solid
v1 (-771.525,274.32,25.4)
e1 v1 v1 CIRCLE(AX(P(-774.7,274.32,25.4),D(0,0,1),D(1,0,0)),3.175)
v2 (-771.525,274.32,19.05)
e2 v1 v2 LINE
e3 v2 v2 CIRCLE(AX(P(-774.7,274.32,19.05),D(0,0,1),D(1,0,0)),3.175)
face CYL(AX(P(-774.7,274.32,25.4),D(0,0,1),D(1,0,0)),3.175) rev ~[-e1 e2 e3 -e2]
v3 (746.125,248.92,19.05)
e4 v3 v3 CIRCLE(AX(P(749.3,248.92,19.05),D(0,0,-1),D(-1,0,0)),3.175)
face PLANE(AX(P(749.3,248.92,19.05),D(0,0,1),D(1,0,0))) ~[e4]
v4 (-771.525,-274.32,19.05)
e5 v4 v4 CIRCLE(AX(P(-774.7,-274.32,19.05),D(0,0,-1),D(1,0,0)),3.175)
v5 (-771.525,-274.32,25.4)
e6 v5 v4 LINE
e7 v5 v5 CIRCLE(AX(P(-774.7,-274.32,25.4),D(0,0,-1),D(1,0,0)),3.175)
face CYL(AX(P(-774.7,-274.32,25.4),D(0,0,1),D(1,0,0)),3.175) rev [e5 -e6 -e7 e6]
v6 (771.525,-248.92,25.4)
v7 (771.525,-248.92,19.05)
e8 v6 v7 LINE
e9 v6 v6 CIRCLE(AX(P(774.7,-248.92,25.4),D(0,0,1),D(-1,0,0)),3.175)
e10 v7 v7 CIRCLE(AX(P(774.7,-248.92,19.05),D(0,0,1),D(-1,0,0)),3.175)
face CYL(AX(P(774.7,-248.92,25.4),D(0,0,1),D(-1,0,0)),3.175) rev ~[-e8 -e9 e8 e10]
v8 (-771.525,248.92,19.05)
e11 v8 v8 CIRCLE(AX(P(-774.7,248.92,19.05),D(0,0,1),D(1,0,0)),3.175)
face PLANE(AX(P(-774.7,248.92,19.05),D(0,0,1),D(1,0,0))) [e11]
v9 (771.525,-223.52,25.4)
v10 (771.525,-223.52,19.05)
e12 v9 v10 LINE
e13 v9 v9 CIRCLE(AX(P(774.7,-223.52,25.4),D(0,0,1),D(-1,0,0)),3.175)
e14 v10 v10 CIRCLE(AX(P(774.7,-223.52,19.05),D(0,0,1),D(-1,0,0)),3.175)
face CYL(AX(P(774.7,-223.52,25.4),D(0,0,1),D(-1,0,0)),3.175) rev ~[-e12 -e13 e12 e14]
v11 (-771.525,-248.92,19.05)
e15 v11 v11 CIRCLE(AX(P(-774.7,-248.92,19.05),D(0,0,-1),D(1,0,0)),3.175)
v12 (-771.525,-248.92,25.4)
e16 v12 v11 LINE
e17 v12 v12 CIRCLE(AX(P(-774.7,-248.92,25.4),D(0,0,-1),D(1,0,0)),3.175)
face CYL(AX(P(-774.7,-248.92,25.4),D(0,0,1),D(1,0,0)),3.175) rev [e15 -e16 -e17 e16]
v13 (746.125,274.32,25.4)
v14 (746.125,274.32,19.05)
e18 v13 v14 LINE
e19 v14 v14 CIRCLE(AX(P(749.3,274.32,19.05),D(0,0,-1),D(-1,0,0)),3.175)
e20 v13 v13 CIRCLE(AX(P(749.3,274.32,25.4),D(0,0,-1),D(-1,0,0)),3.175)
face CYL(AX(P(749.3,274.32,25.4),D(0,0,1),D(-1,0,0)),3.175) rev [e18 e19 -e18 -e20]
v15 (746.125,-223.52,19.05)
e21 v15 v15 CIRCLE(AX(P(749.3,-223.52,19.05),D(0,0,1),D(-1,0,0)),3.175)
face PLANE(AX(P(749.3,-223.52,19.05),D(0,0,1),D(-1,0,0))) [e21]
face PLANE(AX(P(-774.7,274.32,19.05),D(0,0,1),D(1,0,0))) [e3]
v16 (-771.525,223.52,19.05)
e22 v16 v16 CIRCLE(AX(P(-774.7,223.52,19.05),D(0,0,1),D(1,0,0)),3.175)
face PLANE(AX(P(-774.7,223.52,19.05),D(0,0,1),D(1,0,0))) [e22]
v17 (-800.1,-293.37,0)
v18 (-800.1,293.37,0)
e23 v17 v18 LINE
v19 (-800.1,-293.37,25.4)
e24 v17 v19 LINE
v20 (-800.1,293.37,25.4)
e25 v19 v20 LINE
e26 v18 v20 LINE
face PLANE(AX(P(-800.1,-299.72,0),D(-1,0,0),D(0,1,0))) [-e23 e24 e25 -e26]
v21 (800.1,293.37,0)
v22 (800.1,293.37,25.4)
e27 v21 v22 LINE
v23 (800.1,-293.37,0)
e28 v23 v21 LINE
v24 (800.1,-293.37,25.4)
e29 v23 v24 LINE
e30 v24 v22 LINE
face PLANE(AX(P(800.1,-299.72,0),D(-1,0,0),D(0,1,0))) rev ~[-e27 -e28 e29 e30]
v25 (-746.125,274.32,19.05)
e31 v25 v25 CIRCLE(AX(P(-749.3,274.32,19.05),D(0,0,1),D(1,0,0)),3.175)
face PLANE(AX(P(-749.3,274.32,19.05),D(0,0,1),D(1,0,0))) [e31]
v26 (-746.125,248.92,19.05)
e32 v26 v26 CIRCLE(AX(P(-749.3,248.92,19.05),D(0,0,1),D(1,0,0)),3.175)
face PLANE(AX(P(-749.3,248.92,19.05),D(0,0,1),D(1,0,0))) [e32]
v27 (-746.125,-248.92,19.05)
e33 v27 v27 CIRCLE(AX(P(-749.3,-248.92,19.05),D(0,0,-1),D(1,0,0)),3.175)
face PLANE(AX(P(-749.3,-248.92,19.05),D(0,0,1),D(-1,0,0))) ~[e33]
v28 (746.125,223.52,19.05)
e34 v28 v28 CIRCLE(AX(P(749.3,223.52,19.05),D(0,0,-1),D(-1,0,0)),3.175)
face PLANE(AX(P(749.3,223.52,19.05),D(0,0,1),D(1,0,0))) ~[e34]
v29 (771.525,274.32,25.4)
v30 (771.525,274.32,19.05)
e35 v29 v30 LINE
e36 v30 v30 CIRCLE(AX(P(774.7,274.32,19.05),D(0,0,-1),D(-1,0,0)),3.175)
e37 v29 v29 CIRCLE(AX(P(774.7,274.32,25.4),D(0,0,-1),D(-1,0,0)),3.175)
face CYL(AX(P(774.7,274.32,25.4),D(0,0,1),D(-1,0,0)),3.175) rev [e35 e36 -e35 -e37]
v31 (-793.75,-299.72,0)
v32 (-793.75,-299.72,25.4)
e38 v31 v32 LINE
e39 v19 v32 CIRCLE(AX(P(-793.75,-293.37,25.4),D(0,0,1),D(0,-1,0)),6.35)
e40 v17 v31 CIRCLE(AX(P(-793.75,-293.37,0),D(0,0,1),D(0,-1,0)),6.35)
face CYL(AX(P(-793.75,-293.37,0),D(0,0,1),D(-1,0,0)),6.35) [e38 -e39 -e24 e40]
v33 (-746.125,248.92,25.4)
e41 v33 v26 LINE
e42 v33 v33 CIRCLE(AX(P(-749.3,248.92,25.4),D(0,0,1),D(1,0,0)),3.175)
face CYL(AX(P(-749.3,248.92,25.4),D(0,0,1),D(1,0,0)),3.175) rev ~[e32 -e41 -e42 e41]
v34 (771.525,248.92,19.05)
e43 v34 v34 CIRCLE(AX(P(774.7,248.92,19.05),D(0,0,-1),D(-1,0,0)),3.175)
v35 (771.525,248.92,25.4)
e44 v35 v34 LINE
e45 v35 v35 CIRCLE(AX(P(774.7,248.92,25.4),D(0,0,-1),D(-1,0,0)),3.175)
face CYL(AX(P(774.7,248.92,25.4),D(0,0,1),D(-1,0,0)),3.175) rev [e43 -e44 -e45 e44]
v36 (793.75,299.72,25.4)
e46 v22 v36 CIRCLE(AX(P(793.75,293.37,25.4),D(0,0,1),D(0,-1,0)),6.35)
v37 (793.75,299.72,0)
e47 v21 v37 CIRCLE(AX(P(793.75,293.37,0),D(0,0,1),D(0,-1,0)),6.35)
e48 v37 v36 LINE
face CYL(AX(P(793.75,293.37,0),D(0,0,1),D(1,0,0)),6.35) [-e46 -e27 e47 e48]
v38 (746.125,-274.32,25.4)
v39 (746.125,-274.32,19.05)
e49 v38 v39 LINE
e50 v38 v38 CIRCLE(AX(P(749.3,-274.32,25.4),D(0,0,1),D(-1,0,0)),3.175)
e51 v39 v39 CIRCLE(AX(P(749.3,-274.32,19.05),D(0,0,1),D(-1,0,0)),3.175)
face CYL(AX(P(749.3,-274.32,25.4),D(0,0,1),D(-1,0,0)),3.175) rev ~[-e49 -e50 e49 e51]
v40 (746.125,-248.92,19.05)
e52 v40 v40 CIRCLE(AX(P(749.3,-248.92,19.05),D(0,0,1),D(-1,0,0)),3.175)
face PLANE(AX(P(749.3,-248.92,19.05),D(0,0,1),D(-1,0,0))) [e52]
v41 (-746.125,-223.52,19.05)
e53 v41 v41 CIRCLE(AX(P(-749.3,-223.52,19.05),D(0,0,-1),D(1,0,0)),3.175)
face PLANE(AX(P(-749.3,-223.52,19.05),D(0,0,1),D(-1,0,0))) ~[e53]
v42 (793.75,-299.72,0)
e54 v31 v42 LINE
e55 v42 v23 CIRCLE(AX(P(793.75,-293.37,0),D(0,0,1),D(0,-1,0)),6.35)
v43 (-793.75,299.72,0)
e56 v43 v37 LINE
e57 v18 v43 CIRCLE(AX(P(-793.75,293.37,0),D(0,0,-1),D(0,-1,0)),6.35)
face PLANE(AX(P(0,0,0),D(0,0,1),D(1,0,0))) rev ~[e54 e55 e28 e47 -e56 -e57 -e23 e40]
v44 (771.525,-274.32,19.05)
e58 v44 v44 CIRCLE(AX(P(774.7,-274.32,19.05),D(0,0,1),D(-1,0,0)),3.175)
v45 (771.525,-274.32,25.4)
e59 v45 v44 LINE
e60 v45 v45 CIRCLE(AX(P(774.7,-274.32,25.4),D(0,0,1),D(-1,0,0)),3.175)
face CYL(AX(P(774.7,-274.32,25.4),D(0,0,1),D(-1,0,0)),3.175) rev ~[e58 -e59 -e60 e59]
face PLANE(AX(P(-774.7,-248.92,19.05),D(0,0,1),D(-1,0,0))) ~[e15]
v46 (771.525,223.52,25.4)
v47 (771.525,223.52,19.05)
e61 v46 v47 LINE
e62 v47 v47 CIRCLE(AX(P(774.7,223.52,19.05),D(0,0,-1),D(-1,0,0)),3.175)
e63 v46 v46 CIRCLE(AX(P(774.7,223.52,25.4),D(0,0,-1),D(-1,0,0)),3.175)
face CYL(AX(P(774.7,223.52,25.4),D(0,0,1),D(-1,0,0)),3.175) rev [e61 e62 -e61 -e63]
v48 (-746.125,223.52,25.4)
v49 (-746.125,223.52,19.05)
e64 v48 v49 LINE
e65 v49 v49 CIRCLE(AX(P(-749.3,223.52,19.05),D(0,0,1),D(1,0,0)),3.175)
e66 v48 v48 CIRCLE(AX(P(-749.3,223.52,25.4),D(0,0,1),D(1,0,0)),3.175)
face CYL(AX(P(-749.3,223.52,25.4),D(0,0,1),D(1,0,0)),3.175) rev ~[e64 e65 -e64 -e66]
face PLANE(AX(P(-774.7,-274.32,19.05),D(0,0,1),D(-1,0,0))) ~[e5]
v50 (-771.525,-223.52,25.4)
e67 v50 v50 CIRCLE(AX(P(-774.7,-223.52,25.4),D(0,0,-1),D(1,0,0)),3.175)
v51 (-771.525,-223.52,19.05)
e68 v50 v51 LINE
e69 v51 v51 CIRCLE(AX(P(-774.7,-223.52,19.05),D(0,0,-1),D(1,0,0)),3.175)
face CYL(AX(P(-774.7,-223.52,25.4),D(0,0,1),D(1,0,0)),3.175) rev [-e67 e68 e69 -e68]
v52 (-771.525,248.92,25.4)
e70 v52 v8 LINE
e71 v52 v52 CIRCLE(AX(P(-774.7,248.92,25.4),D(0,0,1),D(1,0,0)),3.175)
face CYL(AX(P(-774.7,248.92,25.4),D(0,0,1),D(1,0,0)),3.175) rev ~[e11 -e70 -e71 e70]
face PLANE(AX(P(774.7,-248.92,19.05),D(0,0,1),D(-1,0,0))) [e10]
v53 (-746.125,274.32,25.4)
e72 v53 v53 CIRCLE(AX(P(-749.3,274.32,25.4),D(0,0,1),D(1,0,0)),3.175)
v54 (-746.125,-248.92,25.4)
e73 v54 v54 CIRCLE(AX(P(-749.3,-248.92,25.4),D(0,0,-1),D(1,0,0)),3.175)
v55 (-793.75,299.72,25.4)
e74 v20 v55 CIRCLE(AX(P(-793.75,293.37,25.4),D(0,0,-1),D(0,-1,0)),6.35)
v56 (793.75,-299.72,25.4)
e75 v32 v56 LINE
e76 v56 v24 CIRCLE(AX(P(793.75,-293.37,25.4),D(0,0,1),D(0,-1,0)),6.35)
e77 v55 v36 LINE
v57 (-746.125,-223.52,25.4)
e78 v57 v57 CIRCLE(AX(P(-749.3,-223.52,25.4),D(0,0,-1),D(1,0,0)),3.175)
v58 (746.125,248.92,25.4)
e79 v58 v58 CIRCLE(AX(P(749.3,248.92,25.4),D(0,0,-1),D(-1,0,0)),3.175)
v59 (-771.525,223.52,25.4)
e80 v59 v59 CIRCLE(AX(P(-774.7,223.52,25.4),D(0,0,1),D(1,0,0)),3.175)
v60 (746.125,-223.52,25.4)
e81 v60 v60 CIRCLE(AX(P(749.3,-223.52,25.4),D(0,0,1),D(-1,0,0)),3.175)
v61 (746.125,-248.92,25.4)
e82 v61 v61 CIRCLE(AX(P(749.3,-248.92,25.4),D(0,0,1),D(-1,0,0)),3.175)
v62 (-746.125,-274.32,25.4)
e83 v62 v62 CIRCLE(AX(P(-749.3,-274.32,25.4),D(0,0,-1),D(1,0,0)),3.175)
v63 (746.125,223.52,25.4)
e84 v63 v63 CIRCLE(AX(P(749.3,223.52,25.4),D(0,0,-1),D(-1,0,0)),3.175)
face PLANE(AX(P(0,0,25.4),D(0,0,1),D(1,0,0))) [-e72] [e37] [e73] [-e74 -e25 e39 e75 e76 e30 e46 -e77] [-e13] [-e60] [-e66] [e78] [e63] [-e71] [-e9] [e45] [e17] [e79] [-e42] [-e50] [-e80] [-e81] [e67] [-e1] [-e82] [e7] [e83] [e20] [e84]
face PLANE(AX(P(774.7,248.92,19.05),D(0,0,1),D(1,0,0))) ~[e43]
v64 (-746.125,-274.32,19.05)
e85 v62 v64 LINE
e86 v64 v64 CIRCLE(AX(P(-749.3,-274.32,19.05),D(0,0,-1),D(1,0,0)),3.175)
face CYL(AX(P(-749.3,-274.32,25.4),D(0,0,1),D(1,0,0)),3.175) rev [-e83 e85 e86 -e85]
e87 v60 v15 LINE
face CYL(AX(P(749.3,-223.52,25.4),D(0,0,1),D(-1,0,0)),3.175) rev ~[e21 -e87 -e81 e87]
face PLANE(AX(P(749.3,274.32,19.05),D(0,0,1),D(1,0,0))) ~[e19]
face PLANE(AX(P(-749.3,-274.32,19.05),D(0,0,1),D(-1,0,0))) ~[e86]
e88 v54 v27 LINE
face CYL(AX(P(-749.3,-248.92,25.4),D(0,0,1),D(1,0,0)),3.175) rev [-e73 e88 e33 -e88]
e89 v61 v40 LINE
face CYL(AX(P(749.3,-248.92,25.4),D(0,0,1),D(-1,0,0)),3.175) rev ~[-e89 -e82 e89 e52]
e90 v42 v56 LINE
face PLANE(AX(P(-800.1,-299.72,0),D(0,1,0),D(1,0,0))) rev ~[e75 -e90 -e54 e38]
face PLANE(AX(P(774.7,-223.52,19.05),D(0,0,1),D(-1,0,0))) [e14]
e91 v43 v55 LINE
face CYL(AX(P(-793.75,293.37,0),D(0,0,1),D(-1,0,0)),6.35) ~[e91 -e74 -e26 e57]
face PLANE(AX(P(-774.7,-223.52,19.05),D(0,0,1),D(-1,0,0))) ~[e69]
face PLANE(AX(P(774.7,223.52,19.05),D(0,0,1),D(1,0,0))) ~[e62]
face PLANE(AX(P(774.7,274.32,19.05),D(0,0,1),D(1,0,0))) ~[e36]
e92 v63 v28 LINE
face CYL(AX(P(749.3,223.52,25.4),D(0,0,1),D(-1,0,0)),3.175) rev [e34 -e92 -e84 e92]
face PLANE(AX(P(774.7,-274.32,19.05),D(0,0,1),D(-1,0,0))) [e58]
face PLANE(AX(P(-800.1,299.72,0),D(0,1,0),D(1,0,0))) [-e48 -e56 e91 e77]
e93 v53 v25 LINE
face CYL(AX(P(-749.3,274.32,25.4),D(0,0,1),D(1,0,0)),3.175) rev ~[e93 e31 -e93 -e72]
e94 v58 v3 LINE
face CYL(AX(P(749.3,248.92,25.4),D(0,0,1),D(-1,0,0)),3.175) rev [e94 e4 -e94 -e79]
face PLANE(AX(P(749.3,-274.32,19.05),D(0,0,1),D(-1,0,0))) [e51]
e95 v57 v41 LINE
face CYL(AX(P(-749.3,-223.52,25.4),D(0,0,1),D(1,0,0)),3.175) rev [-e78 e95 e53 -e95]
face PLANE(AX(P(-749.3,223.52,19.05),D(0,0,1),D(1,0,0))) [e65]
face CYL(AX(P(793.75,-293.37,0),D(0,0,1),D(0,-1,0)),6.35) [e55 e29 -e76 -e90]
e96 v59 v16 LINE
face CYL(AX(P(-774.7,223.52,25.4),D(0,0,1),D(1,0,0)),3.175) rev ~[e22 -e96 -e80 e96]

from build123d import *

# Parameters (mm, degrees)
SKETCH1_W               = 1600.2
SKETCH1_H               = 599.44
BOSS_EXTRUDE1_DEPTH     = 25.4
FILLET1_R               = 6.35
SKETCH2_R               = 3.175
CUT_EXTRUDE1_DEPTH      = 6.35
MIRROR2_COPY_1_SKETCH_R = 3.175
MIRROR2_COPY_1_DEPTH    = 6.35


with BuildPart() as part:
    # Sketch1 → Boss-Extrude1 (new body)
    with BuildSketch(Plane.XY):
        Rectangle(SKETCH1_W, SKETCH1_H)
    extrude(amount=BOSS_EXTRUDE1_DEPTH)

    # Fillet1
    fillet1_edges = [part.edges().sort_by_distance(p)[0] for p in [
        (800.1, 299.72, 12.7),
        (800.1, -299.72, 12.7),
        (-800.1, -299.72, 12.7),
        (-800.1, 299.72, 12.7),
    ]]
    fillet(fillet1_edges, radius=FILLET1_R)

    # Sketch2 → Cut-Extrude1 (cut)
    with BuildSketch(Plane.XY.offset(25.4)):
        with Locations((-774.7, 274.32)):
            Circle(SKETCH2_R)
        with Locations((-749.3, 274.32)):
            Circle(SKETCH2_R)
        with Locations((-749.3, 248.92)):
            Circle(SKETCH2_R)
        with Locations((-774.7, 248.92)):
            Circle(SKETCH2_R)
        with Locations((-749.3, 223.52)):
            Circle(SKETCH2_R)
        with Locations((-774.7, 223.52)):
            Circle(SKETCH2_R)
    cut_extrude1 = extrude(amount=-CUT_EXTRUDE1_DEPTH, mode=Mode.SUBTRACT)

    # Mirror1: Cut-Extrude1 across plane
    add(cut_extrude1.mirror(Plane.ZX), mode=Mode.SUBTRACT)

    # Mirror2: Cut-Extrude1 across plane
    add(cut_extrude1.mirror(Plane(origin=(0, 0, 0), x_dir=(0, 0, 1), z_dir=(1, 0, 0))), mode=Mode.SUBTRACT)

    # Mirror2 copy 1 sketch → Mirror2 copy 1 (cut)
    with BuildSketch(Plane(origin=(0, 0, 25.4), x_dir=(-1, 0, 0), z_dir=(0, 0, 1))):
        with Locations((-774.7, 274.32)):
            Circle(MIRROR2_COPY_1_SKETCH_R)
        with Locations((-749.3, 274.32)):
            Circle(MIRROR2_COPY_1_SKETCH_R)
        with Locations((-749.3, 248.92)):
            Circle(MIRROR2_COPY_1_SKETCH_R)
        with Locations((-774.7, 248.92)):
            Circle(MIRROR2_COPY_1_SKETCH_R)
        with Locations((-749.3, 223.52)):
            Circle(MIRROR2_COPY_1_SKETCH_R)
        with Locations((-774.7, 223.52)):
            Circle(MIRROR2_COPY_1_SKETCH_R)
    extrude(amount=-MIRROR2_COPY_1_DEPTH, mode=Mode.SUBTRACT)


solid = part.part
